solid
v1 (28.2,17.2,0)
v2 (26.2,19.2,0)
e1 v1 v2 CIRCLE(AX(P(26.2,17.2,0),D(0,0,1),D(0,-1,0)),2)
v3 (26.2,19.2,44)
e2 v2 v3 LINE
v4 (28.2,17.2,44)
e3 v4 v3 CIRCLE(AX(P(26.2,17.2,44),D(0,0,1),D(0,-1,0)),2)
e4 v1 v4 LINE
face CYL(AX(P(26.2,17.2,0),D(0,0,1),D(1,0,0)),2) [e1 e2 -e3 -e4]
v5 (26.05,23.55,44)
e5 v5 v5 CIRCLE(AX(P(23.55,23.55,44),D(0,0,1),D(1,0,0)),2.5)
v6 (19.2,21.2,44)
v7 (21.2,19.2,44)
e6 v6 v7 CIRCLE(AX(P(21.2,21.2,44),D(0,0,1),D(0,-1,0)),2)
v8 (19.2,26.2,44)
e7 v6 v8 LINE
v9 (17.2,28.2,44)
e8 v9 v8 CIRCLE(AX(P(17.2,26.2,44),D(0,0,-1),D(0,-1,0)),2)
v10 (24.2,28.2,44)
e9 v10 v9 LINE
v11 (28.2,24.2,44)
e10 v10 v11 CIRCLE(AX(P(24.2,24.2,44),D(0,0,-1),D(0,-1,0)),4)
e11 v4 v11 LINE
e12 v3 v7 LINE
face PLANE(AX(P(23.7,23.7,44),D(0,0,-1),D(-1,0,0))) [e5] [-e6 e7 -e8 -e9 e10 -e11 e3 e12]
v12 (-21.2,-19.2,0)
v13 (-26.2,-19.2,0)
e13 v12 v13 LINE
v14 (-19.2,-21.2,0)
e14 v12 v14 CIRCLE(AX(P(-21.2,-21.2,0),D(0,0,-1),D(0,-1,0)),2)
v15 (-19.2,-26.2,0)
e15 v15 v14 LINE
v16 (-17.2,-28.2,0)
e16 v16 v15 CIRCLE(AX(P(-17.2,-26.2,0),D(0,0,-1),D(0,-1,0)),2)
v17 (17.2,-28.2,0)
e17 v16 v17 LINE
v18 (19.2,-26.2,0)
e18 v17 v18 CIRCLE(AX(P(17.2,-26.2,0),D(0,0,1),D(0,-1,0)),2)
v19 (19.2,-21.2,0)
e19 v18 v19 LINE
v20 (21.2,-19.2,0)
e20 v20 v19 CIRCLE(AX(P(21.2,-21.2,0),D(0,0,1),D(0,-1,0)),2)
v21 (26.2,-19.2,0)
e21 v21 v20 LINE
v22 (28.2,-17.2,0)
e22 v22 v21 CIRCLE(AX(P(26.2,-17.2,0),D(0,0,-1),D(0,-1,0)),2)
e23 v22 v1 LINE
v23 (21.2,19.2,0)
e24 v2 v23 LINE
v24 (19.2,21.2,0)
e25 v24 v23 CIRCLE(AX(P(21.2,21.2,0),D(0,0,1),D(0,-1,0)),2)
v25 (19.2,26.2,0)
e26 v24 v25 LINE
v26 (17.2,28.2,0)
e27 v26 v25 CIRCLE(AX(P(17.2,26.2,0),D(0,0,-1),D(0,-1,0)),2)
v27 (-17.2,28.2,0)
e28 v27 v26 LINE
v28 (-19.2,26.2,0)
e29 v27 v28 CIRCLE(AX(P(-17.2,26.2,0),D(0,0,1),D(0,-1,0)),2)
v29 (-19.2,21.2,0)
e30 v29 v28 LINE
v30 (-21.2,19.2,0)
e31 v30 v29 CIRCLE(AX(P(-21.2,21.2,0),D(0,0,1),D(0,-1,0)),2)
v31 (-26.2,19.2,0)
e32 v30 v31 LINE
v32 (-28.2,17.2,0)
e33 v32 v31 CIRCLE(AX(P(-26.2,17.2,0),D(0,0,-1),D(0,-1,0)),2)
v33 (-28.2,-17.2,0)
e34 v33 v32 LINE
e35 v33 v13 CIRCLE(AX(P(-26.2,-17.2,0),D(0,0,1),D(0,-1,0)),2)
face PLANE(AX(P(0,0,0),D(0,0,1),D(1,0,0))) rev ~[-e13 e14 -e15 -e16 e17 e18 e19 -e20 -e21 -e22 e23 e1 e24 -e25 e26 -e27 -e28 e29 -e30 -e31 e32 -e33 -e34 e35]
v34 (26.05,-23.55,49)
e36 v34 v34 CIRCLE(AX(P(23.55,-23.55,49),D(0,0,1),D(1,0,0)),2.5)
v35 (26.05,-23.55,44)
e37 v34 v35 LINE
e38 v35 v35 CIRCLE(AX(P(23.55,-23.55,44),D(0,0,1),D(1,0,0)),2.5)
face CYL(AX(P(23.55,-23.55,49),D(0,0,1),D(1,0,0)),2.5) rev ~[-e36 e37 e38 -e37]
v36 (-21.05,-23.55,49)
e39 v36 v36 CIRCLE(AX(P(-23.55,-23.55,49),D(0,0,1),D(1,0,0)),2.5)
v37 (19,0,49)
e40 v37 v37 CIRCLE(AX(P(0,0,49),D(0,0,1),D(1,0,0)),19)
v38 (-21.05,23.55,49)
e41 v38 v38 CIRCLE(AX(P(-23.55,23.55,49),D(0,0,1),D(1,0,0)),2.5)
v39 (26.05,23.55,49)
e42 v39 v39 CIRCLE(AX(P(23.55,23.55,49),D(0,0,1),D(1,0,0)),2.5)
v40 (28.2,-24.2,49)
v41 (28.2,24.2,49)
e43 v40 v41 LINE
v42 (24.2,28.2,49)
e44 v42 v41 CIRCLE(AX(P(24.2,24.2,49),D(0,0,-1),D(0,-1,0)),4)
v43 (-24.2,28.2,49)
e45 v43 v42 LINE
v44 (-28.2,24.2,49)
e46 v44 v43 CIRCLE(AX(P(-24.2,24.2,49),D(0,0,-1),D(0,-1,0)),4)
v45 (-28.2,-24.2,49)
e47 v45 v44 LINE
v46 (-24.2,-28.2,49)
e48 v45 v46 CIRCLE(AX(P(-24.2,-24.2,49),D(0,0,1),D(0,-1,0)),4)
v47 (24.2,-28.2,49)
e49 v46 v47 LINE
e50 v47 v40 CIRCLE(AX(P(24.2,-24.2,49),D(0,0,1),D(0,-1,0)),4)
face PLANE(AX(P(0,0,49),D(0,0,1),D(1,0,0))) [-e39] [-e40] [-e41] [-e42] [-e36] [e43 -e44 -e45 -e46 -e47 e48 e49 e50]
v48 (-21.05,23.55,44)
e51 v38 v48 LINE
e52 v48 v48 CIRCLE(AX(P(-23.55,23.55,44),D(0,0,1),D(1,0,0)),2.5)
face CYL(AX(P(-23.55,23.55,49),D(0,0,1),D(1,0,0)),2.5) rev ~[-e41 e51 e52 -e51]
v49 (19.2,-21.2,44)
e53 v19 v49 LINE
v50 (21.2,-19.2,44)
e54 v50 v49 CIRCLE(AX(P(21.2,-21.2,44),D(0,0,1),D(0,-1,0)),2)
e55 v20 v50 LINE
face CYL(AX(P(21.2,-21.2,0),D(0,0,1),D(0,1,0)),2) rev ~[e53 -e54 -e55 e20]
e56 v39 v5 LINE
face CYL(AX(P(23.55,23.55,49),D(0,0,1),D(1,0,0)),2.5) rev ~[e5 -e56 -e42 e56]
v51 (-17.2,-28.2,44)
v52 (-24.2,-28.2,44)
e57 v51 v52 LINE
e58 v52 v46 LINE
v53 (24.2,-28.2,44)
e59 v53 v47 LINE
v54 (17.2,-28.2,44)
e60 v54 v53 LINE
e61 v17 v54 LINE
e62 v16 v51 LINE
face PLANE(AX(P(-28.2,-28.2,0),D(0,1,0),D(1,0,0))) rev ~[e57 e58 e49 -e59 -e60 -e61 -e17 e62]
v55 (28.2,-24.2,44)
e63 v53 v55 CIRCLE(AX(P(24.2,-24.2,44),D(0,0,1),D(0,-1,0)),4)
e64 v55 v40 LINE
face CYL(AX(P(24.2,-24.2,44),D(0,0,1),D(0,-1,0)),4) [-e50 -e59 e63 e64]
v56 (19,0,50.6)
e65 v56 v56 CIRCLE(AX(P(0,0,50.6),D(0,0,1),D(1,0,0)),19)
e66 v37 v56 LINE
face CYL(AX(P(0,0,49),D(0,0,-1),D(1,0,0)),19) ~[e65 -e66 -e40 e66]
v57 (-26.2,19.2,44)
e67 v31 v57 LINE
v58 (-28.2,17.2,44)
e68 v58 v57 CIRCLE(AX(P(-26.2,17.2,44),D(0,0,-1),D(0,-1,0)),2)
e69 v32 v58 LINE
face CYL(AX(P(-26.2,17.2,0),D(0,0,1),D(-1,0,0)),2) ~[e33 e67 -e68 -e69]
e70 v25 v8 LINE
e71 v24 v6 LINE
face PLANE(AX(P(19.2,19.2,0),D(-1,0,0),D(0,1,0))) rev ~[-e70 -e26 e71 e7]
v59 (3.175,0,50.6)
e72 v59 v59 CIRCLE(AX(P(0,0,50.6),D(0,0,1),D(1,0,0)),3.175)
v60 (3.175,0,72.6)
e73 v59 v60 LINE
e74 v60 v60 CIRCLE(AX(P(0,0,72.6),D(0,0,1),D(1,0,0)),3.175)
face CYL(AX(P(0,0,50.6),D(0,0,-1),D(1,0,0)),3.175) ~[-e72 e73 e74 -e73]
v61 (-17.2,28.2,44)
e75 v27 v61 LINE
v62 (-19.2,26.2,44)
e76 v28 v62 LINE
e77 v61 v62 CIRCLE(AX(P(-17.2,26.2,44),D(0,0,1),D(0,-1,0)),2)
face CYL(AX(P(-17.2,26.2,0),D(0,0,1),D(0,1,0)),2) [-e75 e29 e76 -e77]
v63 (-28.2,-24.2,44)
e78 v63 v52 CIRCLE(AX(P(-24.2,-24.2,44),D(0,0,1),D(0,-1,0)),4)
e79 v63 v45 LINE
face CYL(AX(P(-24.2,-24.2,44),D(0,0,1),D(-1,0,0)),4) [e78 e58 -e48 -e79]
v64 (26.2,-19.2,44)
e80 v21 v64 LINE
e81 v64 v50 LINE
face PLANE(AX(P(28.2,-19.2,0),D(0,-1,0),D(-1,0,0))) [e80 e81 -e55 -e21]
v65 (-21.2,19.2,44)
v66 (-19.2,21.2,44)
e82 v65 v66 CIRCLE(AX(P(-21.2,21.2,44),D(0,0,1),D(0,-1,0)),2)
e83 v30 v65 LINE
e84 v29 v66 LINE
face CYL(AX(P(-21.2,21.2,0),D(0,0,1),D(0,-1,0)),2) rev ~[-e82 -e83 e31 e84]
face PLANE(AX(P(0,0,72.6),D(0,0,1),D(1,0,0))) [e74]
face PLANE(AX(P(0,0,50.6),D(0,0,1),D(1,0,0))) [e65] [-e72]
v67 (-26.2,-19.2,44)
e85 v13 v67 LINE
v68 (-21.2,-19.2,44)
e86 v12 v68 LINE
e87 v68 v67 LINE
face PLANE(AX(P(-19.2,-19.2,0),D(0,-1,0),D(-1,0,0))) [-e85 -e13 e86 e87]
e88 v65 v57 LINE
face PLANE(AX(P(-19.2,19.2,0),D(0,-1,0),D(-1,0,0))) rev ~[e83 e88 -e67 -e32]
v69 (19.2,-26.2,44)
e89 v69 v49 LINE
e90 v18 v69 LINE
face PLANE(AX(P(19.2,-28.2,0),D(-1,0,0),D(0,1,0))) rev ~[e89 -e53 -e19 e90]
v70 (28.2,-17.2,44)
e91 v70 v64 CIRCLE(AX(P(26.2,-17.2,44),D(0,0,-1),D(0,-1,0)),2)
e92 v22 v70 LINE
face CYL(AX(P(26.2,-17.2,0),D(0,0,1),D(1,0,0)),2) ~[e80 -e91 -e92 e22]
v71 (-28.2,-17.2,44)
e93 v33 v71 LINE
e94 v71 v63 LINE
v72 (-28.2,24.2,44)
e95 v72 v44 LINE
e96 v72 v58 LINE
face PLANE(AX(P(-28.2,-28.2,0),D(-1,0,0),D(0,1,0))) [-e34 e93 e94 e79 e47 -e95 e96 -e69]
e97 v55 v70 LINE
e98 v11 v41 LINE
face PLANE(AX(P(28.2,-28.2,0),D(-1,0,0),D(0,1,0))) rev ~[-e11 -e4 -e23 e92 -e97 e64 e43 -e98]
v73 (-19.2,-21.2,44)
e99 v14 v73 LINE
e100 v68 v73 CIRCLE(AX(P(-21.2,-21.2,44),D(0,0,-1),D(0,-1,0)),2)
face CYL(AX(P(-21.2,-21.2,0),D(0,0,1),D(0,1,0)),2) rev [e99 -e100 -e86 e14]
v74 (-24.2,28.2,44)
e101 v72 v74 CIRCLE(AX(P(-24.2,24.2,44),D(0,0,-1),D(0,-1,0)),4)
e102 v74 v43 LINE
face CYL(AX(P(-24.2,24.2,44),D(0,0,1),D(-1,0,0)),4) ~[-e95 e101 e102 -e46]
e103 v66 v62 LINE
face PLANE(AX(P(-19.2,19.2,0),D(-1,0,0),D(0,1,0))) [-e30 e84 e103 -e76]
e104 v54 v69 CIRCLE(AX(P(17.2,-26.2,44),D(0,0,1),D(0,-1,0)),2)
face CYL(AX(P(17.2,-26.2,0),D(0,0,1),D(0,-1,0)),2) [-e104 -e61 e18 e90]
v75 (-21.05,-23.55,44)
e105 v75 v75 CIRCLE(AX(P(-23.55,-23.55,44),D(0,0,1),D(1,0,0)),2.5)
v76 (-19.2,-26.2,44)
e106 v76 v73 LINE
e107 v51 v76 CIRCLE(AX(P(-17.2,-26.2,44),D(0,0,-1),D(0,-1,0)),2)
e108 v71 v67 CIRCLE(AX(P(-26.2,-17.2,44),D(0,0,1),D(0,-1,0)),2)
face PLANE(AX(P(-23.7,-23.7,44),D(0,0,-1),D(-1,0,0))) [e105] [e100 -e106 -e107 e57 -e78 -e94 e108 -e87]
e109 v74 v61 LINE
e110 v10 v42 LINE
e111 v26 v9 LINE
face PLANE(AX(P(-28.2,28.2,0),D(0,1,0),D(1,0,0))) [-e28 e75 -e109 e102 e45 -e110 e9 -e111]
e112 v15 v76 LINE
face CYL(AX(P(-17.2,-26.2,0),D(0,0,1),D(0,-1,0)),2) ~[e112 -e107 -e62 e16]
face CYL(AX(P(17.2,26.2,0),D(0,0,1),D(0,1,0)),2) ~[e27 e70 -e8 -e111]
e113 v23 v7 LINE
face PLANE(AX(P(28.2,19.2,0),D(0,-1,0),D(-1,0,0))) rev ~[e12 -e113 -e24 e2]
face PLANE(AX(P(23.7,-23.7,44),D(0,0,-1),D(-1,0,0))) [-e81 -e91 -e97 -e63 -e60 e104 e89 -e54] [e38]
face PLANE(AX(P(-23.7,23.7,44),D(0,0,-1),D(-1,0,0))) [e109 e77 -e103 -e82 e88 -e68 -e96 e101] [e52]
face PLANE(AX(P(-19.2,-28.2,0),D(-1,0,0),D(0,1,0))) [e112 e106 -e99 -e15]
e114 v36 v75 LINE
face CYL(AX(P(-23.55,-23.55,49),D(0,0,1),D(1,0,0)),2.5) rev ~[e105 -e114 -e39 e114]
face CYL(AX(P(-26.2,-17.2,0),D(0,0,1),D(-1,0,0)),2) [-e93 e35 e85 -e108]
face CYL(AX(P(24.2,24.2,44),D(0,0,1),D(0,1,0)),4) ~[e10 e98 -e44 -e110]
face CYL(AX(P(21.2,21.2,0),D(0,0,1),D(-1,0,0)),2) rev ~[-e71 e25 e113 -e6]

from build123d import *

# Parameters (mm, degrees)
CROQUIS1_W              = 56.4
CROQUIS1_H              = 56.4
SALIENTE_EXTRUIR1_DEPTH = 49
CROQUIS2_R              = 19
SALIENTE_EXTRUIR2_DEPTH = 1.6
CROQUIS3_R              = 3.175
SALIENTE_EXTRUIR3_DEPTH = 22
CROQUIS4_R              = 2.5
CORTAR_EXTRUIR1_DEPTH   = 64.178160784
CROQUIS5_W              = 9
CROQUIS5_H              = 9
CORTAR_EXTRUIR2_DEPTH   = 44
REDONDEO1_R             = 4
REDONDEO2_R             = 2


with BuildPart() as part:
    # Croquis1 → Saliente-Extruir1 (new body)
    with BuildSketch(Plane.XY):
        Rectangle(CROQUIS1_W, CROQUIS1_H)
    extrude(amount=SALIENTE_EXTRUIR1_DEPTH)

    # Croquis2 → Saliente-Extruir2 (add)
    with BuildSketch(Plane.XY.offset(49)):
        Circle(CROQUIS2_R)
    extrude(amount=SALIENTE_EXTRUIR2_DEPTH)

    # Croquis3 → Saliente-Extruir3 (add)
    with BuildSketch(Plane.XY.offset(50.6)):
        Circle(CROQUIS3_R)
    extrude(amount=SALIENTE_EXTRUIR3_DEPTH)

    # Croquis4 → Cortar-Extruir1 (cut, through all)
    with BuildSketch(Plane.XY.offset(49)):
        with Locations((23.55, 23.55)):
            Circle(CROQUIS4_R)
        with Locations((-23.55, 23.55)):
            Circle(CROQUIS4_R)
        with Locations((-23.55, -23.55)):
            Circle(CROQUIS4_R)
        with Locations((23.55, -23.55)):
            Circle(CROQUIS4_R)
    extrude(amount=-CORTAR_EXTRUIR1_DEPTH, mode=Mode.SUBTRACT)

    # Croquis5 → Cortar-Extruir2 (cut)
    with BuildSketch(Plane(origin=(0, 0, 0), x_dir=(-1, 0, 0), z_dir=(0, 0, -1))):
        with Locations((-23.7, 23.7)):
            Rectangle(CROQUIS5_W, CROQUIS5_H)
        with Locations((23.7, 23.7)):
            Rectangle(CROQUIS5_W, CROQUIS5_H)
        with Locations((23.7, -23.7)):
            Rectangle(CROQUIS5_W, CROQUIS5_H)
        with Locations((-23.7, -23.7)):
            Rectangle(CROQUIS5_W, CROQUIS5_H)
    extrude(amount=-CORTAR_EXTRUIR2_DEPTH, mode=Mode.SUBTRACT)

    # Redondeo1
    redondeo1_edges = [part.edges().sort_by_distance(p)[0] for p in [
        (28.2, -28.2, 46.5),
        (-28.2, -28.2, 46.5),
        (-28.2, 28.2, 46.5),
        (28.2, 28.2, 46.5),
    ]]
    fillet(redondeo1_edges, radius=REDONDEO1_R)

    # Redondeo2
    redondeo2_edges = [part.edges().sort_by_distance(p)[0] for p in [
        (28.2, 19.2, 22),
        (19.2, 28.2, 22),
        (19.2, 19.2, 22),
        (-28.2, 19.2, 22),
        (-19.2, 19.2, 22),
        (-19.2, 28.2, 22),
        (-28.2, -19.2, 22),
        (-19.2, -28.2, 22),
        (-19.2, -19.2, 22),
        (28.2, -19.2, 22),
        (19.2, -19.2, 22),
        (19.2, -28.2, 22),
    ]]
    fillet(redondeo2_edges, radius=REDONDEO2_R)


solid = part.part
